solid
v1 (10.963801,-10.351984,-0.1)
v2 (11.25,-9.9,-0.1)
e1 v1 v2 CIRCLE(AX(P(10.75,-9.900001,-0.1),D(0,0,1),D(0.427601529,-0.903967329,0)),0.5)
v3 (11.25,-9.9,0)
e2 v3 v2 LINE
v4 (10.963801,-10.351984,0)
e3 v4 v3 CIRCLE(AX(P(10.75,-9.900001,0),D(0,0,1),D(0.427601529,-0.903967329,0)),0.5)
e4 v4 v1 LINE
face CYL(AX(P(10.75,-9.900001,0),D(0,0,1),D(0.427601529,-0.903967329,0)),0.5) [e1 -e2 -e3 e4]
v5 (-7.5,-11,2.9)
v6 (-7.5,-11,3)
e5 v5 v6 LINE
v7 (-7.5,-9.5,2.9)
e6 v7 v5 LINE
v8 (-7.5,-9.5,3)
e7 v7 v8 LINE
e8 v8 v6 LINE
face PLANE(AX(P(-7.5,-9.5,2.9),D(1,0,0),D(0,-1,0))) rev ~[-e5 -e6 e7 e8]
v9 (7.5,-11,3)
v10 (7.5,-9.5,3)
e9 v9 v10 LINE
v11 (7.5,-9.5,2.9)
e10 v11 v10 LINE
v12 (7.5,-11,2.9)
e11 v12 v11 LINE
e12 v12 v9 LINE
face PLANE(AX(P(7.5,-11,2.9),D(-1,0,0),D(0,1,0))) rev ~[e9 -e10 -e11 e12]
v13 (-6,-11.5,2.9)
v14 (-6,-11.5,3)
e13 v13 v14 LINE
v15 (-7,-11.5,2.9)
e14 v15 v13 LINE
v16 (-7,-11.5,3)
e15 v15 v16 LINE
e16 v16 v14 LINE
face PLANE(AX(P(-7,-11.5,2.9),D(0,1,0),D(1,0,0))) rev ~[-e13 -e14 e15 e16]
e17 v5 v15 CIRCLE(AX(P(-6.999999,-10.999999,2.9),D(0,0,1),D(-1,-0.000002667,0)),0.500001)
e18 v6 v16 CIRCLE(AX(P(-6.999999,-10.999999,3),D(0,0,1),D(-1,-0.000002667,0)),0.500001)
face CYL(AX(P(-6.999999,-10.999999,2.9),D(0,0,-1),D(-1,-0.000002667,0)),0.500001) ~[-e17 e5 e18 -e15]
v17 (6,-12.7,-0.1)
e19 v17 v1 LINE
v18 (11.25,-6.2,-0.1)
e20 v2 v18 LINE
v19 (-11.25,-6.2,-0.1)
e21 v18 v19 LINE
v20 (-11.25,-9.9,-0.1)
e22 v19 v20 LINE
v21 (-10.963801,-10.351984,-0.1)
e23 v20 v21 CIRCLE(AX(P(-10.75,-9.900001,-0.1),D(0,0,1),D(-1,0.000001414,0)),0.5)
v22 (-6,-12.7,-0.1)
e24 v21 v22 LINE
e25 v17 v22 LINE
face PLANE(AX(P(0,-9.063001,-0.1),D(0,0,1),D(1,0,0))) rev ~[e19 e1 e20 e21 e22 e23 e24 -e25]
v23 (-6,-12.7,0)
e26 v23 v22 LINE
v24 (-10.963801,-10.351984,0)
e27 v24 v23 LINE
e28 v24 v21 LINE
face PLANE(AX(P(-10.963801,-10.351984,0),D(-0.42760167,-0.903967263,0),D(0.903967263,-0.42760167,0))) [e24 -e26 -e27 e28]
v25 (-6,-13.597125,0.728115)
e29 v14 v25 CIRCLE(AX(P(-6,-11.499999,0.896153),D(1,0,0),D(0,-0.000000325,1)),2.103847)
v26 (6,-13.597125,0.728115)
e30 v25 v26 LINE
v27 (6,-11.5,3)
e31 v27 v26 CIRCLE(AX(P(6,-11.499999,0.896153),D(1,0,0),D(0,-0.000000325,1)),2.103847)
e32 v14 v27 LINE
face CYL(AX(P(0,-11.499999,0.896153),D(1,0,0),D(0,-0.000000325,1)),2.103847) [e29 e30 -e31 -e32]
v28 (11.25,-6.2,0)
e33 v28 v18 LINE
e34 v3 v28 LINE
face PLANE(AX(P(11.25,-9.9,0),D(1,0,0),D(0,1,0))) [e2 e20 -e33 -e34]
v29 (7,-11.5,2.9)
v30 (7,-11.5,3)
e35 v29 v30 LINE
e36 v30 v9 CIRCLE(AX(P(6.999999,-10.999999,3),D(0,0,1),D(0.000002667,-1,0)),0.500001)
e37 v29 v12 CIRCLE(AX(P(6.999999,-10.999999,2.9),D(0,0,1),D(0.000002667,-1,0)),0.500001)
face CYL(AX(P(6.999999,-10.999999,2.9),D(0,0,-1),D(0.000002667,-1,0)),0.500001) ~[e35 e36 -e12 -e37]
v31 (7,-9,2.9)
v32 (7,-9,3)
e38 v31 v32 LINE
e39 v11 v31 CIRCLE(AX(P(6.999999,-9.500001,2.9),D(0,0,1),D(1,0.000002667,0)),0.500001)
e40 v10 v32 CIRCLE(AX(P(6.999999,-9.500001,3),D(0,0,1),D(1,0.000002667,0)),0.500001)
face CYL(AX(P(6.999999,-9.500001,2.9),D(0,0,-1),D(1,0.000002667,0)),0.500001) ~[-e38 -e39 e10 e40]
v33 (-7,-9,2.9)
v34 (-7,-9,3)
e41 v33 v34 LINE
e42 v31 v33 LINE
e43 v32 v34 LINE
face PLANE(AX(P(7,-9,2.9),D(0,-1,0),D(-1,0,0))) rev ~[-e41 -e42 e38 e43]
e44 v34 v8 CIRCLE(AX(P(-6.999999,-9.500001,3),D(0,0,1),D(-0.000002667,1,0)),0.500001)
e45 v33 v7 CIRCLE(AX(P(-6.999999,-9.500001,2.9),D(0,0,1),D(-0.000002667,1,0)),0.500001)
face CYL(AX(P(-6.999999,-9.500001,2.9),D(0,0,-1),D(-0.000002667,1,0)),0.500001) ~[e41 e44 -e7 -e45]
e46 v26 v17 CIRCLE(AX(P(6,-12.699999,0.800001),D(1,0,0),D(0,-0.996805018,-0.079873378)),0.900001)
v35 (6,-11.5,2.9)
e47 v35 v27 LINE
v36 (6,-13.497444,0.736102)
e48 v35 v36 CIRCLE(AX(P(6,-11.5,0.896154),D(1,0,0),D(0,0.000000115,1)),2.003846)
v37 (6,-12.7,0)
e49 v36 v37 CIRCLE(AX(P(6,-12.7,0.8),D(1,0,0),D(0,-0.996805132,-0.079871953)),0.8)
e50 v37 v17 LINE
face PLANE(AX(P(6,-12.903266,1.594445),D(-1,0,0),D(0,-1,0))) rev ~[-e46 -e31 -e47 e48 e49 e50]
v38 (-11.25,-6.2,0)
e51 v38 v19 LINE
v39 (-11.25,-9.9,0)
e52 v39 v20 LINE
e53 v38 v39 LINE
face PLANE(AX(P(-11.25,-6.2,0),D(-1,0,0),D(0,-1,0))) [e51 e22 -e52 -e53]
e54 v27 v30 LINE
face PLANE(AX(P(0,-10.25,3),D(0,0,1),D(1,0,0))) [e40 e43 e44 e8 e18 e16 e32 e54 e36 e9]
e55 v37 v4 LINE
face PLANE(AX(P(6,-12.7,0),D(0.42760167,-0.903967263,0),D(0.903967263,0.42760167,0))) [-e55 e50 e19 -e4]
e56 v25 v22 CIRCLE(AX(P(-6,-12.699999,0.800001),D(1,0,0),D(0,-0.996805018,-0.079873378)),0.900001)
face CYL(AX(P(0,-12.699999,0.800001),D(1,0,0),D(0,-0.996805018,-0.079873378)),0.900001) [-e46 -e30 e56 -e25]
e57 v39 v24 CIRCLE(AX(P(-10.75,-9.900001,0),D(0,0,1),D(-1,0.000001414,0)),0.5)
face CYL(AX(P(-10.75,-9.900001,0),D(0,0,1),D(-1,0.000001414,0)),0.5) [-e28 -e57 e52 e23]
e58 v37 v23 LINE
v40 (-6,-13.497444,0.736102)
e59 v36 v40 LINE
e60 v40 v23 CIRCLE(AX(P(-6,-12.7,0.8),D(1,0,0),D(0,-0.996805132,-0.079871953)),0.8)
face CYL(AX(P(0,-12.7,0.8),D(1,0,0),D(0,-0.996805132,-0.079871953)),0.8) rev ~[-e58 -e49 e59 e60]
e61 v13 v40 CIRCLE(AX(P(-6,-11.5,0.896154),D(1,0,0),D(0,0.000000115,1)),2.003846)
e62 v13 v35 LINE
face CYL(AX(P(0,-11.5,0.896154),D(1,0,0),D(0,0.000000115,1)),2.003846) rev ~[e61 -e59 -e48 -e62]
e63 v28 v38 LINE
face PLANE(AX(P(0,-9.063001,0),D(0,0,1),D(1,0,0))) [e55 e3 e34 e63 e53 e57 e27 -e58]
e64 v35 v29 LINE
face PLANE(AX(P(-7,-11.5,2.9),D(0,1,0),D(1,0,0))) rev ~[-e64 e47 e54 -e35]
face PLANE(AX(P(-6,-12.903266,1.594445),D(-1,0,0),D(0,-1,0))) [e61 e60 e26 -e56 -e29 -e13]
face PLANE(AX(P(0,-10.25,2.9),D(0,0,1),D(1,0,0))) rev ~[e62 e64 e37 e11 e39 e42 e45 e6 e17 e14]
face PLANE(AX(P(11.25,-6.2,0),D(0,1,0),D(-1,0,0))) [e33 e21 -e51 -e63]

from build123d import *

# Parameters (mm, degrees)
PAD025_DEPTH = 6
PAD026_DEPTH = 0.1
PAD027_DEPTH = 0.1


with BuildPart() as part:
    # Sketch003 → Pad025 (new body, symmetric)
    with BuildSketch(Plane.YZ):
        with BuildLine():
            ThreePointArc((-11.5, 2.9), (-12.972433, 2.255323), (-13.497444, 0.736102))
            ThreePointArc((-13.497444, 0.736102), (-13.242624, 0.212157), (-12.7, 0))
            Line((-12.7, 0), (-12.7, -0.1))
            ThreePointArc((-13.597125, 0.728115), (-13.310452, 0.138677), (-12.7, -0.1))
            ThreePointArc((-11.5, 3), (-13.045913, 2.323151), (-13.597125, 0.728115))
            Line((-11.5, 2.9), (-11.5, 3))
        make_face()
    extrude(amount=PAD025_DEPTH, both=True)

    # Sketch004 → Pad026 (join)
    with BuildSketch(Plane.XY.offset(2.9)):
        with BuildLine():
            Line((-7.5, -9.5), (-7.5, -11))
            ThreePointArc((-7.5, -11), (-7.353553, -11.353553), (-7, -11.5))
            Line((-7, -11.5), (7, -11.5))
            ThreePointArc((7, -11.5), (7.353553, -11.353553), (7.5, -11))
            Line((7.5, -11), (7.5, -9.5))
            ThreePointArc((7.5, -9.5), (7.353553, -9.146447), (7, -9))
            Line((7, -9), (-7, -9))
            ThreePointArc((-7, -9), (-7.353553, -9.146447), (-7.5, -9.5))
        make_face()
    extrude(amount=PAD026_DEPTH)

    # Sketch063 → Pad027 (join)
    with BuildSketch(Plane.XY):
        with BuildLine():
            Line((-6, -12.7), (6, -12.7))
            Line((6, -12.7), (10.963801, -10.351984))
            ThreePointArc((10.963801, -10.351984), (11.172434, -10.167488), (11.25, -9.9))
            Line((11.25, -9.9), (11.25, -6.2))
            Line((11.25, -6.2), (-11.25, -6.2))
            Line((-11.25, -6.2), (-11.25, -9.9))
            ThreePointArc((-11.25, -9.9), (-11.172434, -10.167488), (-10.963801, -10.351984))
            Line((-10.963801, -10.351984), (-6, -12.7))
        make_face()
    extrude(amount=-PAD027_DEPTH)


solid = part.part
